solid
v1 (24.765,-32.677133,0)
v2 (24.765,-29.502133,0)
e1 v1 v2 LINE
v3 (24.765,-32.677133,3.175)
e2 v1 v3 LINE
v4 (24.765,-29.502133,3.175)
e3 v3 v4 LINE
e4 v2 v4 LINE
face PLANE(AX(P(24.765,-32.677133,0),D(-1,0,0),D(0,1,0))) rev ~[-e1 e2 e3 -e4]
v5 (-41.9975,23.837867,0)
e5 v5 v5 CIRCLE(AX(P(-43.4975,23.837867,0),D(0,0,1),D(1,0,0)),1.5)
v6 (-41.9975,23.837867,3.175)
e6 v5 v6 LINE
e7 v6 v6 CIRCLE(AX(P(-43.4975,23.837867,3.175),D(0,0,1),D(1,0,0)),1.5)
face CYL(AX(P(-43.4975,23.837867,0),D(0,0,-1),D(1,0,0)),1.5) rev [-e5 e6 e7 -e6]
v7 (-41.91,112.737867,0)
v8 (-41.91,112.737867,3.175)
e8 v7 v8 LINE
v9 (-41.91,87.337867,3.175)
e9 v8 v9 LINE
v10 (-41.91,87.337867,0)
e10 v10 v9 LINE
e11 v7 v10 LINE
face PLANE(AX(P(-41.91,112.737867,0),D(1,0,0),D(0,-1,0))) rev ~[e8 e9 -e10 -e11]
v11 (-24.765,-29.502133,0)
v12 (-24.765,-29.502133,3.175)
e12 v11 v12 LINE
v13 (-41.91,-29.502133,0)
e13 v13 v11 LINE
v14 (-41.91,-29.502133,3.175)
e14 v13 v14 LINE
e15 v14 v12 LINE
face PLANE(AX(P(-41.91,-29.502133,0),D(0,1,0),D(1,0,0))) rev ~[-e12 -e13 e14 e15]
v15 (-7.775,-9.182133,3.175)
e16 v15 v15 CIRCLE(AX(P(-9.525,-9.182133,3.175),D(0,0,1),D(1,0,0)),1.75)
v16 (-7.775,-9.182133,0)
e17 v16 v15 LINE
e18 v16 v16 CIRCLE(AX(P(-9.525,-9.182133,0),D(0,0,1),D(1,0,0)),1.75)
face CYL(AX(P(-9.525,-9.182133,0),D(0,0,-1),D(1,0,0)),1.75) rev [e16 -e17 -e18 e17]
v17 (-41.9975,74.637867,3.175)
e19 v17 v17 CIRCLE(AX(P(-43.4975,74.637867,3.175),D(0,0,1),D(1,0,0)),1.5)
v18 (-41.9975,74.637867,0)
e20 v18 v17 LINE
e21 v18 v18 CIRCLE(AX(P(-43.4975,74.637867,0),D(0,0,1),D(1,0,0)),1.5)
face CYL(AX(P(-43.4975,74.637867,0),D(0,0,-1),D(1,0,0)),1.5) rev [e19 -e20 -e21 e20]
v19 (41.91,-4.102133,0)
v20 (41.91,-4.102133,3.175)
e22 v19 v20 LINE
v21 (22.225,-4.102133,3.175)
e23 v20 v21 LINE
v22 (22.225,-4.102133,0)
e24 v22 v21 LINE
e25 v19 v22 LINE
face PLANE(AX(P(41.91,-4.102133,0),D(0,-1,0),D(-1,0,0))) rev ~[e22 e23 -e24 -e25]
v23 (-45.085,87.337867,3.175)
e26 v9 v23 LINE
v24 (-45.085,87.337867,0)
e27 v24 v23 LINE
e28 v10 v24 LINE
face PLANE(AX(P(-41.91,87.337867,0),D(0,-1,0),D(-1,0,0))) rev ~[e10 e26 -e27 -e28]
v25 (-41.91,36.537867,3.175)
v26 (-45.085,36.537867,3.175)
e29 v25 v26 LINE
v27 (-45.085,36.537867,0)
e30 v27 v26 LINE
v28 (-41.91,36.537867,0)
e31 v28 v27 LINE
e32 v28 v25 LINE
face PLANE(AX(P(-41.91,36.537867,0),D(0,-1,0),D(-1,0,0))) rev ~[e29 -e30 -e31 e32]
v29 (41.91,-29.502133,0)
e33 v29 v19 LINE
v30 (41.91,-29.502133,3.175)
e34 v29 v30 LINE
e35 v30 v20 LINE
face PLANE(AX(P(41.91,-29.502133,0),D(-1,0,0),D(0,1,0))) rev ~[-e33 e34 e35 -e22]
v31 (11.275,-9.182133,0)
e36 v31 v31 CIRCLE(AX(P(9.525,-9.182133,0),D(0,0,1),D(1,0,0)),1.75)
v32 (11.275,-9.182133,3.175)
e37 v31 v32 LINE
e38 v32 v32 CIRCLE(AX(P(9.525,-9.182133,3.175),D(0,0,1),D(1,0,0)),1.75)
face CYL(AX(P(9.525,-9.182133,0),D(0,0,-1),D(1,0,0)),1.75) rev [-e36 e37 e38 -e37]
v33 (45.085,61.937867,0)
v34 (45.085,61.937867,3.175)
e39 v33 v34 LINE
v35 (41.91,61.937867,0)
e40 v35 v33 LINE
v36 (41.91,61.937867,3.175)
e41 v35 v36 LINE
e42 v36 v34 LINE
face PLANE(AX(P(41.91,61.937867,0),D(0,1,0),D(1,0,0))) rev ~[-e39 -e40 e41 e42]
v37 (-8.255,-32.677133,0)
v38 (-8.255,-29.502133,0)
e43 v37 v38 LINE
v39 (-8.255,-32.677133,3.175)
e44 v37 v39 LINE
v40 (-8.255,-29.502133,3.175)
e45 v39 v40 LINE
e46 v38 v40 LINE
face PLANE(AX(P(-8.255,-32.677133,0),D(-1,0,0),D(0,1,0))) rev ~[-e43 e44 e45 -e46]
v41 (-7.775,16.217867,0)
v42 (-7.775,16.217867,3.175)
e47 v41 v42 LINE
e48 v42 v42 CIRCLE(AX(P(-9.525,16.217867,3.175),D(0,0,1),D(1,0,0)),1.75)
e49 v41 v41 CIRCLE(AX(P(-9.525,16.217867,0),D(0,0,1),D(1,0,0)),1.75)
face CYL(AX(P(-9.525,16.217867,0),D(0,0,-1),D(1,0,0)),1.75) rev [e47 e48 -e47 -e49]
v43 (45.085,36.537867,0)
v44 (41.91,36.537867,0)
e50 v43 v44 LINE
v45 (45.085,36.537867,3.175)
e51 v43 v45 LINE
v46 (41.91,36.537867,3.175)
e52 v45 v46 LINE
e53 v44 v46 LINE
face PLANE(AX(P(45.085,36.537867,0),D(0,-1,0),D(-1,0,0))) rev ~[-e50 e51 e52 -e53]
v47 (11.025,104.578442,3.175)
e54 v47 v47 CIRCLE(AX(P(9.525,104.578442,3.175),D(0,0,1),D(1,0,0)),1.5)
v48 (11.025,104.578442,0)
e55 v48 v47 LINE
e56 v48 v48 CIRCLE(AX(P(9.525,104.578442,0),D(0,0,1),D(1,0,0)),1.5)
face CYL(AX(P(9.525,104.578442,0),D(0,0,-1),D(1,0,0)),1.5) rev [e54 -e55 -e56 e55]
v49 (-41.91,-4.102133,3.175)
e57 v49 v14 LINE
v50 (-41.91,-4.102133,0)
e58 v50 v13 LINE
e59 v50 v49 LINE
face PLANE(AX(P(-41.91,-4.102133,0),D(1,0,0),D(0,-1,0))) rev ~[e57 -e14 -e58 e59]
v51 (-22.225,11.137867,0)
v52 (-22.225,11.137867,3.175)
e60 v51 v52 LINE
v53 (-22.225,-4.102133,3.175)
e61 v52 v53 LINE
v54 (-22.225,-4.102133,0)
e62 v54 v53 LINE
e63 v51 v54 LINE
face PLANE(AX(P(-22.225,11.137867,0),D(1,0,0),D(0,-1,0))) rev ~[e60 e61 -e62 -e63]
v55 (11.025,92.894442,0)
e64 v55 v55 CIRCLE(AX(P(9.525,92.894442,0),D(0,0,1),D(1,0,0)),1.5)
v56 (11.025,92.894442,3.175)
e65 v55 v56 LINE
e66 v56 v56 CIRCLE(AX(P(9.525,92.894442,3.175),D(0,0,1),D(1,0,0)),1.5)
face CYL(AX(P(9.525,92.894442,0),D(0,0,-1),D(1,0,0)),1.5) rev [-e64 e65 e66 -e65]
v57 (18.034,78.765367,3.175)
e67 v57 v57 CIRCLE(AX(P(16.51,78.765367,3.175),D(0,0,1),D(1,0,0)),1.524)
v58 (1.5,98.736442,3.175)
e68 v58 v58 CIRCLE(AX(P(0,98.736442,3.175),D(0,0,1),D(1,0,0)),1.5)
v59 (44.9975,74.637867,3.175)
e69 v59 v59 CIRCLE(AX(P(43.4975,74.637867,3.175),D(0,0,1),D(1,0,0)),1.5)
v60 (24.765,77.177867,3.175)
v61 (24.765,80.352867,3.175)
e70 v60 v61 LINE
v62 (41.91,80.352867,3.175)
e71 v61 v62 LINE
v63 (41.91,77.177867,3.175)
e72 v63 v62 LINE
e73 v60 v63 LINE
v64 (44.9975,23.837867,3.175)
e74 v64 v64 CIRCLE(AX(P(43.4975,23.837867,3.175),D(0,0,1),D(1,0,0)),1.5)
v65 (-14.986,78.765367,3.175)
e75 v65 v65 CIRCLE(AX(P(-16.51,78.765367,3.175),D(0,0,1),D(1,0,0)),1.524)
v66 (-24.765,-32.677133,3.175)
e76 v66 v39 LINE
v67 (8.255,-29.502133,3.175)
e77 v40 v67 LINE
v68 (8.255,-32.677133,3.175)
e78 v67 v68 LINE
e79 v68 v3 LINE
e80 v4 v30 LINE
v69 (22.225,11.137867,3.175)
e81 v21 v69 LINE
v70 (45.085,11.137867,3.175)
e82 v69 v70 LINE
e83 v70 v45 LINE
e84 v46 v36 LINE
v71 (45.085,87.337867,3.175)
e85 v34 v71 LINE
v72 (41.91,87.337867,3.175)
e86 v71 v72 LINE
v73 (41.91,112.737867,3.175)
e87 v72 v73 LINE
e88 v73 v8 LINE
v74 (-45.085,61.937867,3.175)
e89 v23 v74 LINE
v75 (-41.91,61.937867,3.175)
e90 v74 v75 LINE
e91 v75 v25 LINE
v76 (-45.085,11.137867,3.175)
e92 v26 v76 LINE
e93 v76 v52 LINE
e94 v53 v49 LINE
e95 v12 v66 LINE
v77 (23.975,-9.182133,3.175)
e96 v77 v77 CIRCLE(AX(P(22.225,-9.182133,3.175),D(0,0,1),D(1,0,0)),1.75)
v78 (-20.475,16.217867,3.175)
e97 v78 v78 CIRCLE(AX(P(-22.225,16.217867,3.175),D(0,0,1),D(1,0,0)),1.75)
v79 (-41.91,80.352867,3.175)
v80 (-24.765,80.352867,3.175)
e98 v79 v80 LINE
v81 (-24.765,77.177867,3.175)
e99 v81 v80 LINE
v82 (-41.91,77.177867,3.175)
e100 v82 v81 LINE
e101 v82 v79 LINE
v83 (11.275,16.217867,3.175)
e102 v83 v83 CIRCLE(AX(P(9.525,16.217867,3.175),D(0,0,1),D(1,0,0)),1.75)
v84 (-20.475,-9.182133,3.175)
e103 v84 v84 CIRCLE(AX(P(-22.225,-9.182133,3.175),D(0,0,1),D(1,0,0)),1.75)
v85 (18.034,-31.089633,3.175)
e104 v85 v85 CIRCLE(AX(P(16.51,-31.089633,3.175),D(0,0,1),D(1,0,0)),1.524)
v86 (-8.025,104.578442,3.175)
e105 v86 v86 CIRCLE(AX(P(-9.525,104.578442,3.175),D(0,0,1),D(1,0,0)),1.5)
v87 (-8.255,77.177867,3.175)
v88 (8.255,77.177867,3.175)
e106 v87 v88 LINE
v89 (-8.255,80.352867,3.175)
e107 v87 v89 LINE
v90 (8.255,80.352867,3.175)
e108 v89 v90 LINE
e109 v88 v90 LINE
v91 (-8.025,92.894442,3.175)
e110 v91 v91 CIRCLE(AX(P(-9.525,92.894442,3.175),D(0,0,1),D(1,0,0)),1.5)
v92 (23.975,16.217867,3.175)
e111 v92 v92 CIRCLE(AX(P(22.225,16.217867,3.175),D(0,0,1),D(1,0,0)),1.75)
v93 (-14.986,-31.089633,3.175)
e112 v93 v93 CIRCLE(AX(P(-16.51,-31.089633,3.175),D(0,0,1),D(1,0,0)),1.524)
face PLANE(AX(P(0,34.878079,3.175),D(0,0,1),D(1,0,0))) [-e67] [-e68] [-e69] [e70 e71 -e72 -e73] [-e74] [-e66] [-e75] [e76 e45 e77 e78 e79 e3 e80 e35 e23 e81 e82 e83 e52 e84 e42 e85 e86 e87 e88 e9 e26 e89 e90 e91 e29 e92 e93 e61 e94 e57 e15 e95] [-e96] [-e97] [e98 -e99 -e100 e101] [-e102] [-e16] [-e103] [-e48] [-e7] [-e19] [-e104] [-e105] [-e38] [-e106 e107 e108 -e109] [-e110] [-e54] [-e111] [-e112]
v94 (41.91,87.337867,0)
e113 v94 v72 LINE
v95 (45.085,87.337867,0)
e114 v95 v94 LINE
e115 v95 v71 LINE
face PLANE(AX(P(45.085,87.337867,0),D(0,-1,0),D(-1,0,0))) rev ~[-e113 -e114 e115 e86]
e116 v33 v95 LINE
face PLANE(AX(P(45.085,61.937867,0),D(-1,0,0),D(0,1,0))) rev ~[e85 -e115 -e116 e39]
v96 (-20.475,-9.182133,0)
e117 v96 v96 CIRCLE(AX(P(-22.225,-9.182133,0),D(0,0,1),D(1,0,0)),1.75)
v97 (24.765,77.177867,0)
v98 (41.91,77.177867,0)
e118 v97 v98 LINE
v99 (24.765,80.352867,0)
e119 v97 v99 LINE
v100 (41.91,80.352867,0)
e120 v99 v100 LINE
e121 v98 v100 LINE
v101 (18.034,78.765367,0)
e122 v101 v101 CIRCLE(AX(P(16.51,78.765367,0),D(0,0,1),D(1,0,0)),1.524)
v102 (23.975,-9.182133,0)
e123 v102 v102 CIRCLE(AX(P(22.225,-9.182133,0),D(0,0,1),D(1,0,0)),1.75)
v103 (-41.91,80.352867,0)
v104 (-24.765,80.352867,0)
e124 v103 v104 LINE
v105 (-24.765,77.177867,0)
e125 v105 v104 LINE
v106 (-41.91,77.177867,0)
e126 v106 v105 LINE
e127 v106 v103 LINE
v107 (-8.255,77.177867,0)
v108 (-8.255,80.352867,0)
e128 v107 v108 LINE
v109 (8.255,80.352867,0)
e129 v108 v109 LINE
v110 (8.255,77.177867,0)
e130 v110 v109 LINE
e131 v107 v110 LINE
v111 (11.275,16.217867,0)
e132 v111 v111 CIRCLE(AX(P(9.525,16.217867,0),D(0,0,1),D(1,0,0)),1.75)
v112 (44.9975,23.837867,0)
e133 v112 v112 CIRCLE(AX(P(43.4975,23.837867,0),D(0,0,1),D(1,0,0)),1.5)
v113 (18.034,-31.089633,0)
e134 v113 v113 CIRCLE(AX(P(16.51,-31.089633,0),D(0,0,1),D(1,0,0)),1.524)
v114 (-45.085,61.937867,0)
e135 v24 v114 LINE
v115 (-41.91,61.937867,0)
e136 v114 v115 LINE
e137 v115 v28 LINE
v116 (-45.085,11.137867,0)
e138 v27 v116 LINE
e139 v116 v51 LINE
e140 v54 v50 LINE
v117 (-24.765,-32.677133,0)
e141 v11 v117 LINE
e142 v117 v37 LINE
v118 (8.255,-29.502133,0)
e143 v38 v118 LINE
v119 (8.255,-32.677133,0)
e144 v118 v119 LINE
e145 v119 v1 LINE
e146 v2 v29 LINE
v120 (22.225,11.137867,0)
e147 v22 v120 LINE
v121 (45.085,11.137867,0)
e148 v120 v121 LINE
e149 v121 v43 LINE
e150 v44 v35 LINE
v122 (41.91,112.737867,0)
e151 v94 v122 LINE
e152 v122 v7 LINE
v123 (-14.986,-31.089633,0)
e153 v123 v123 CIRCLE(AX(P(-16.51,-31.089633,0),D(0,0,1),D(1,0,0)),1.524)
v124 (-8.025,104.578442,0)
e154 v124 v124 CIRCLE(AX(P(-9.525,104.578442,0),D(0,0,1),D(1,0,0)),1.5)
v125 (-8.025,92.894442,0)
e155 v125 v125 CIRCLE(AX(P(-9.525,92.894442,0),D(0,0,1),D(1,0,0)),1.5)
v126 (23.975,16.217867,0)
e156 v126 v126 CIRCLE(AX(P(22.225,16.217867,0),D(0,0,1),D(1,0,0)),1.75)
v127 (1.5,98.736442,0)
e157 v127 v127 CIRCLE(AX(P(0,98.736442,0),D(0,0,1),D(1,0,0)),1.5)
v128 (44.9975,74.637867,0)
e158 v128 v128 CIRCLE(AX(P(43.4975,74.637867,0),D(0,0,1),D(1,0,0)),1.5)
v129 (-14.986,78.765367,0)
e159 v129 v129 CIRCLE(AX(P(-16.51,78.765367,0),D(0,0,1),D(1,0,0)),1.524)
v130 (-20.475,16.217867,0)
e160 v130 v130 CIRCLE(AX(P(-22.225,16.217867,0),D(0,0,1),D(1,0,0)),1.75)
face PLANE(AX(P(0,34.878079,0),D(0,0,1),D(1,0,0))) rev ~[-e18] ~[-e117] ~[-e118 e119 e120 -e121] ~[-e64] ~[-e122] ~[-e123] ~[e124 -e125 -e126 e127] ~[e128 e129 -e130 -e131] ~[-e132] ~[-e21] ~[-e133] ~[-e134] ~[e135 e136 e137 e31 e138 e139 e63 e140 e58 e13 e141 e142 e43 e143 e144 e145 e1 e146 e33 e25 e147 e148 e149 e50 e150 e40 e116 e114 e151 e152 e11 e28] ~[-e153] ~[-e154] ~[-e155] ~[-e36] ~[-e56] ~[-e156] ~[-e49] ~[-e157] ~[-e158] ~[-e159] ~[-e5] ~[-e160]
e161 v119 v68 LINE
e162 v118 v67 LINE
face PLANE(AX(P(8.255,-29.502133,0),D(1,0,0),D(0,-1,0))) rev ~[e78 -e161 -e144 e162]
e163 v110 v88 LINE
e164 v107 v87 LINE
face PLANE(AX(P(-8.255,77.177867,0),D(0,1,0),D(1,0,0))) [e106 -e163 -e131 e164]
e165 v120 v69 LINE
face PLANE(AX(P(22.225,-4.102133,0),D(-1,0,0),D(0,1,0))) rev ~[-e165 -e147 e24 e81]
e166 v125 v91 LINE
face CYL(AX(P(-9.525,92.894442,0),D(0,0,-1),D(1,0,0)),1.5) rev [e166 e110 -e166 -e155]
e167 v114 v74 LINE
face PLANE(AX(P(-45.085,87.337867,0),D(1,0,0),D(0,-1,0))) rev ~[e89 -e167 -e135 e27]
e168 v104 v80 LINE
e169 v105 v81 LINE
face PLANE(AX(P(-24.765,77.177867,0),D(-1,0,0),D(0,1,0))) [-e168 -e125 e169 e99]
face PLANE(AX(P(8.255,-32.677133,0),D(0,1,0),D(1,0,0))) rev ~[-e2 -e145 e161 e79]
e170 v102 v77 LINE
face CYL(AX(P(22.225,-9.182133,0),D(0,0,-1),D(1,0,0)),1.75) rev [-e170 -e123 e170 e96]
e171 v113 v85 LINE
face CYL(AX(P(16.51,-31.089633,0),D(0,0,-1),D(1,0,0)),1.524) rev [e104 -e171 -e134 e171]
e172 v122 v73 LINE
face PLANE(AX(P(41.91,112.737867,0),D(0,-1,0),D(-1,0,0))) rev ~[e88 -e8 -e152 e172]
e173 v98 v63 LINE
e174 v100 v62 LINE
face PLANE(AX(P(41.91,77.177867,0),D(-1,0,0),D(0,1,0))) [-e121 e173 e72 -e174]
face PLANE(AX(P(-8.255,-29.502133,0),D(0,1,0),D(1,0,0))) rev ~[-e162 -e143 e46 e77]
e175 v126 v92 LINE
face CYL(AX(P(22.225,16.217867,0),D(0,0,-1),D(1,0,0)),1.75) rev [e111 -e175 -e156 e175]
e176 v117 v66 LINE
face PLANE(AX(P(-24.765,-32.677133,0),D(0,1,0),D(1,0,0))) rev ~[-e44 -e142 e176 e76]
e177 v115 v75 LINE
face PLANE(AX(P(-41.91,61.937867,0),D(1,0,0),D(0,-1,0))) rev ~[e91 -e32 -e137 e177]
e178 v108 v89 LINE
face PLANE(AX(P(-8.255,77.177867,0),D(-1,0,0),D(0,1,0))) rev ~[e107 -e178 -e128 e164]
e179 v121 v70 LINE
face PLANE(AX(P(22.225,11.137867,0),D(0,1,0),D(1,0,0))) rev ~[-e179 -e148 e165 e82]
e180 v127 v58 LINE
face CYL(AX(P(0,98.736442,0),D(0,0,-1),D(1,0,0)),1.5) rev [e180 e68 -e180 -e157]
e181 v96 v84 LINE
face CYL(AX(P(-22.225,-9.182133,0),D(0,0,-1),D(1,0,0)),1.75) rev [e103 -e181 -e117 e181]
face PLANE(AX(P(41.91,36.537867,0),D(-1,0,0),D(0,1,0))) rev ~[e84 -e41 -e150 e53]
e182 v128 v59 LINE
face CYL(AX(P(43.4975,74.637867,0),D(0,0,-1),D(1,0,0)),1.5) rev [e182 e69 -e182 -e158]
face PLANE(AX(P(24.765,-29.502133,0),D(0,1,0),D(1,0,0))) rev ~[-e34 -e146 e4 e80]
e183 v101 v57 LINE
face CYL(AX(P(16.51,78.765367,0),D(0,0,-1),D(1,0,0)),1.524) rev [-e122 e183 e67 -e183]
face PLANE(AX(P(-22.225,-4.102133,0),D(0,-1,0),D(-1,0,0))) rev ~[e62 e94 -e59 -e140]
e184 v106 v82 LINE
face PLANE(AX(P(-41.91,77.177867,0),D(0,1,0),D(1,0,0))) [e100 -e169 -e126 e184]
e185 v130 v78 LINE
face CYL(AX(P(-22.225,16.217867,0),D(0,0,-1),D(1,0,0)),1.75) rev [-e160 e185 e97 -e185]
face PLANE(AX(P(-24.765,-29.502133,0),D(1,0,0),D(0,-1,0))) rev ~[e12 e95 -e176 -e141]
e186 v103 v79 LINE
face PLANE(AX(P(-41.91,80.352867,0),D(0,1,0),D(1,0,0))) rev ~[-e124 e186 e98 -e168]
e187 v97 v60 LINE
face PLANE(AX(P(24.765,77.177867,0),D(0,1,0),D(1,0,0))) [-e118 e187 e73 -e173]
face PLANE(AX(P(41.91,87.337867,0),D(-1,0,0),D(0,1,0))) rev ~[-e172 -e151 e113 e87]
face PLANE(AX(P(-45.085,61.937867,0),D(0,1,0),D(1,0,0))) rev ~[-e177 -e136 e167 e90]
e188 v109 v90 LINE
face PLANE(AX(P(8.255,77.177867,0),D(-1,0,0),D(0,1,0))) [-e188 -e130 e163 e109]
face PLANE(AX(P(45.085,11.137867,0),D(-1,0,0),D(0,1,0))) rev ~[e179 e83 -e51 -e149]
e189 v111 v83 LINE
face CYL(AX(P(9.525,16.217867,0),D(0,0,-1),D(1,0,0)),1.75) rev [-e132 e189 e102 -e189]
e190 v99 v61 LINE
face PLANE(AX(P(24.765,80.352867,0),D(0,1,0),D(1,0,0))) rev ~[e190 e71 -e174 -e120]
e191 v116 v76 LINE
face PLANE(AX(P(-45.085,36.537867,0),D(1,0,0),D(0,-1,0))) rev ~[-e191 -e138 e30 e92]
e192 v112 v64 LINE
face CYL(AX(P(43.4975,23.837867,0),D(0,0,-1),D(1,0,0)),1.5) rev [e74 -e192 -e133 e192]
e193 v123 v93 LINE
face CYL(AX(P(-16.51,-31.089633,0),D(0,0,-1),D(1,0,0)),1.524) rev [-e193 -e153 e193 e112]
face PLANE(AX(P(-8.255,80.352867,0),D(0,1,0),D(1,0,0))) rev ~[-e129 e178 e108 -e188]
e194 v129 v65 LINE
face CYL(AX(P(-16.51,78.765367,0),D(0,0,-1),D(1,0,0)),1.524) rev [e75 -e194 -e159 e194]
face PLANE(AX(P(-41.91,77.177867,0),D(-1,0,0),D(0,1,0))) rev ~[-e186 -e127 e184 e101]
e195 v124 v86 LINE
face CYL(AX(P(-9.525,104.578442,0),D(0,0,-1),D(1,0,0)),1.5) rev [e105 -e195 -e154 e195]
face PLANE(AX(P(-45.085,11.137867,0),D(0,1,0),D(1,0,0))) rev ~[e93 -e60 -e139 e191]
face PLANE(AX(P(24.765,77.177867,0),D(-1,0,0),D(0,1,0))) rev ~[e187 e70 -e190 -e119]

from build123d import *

# Parameters (mm, degrees)
F0_R     = 1.524
F0_R_2   = 1.75
F0_R_3   = 1.5
F0_W     = 17.145
F0_H     = 3.175
F0_W_2   = 16.51
F1_DEPTH = 3.175


with BuildPart() as f1:
    # F0 (on Top) → F1 (new body)
    with BuildSketch(Plane.XY):
        Polygon((-45.085, 36.537867), (-45.085, 11.137867), (-22.225, 11.137867), (-22.225, -4.102133), (-41.91, -4.102133), (-41.91, -29.502133), (-24.765, -29.502133), (-24.765, -32.677133), (-8.255, -32.677133), (-8.255, -29.502133), (8.255, -29.502133), (8.255, -32.677133), (24.765, -32.677133), (24.765, -29.502133), (41.91, -29.502133), (41.91, -4.102133), (22.225, -4.102133), (22.225, 11.137867), (45.085, 11.137867), (45.085, 36.537867), (41.91, 36.537867), (41.91, 61.937867), (45.085, 61.937867), (45.085, 87.337867), (41.91, 87.337867), (41.91, 112.737867), (-41.91, 112.737867), (-41.91, 87.337867), (-45.085, 87.337867), (-45.085, 61.937867), (-41.91, 61.937867), (-41.91, 36.537867), align=None)
        with Locations((-16.51, -31.089633)):
            Circle(F0_R, mode=Mode.SUBTRACT)
        with Locations((-22.225, -9.182133)):
            Circle(F0_R_2, mode=Mode.SUBTRACT)
        with Locations((-9.525, -9.182133)):
            Circle(F0_R_2, mode=Mode.SUBTRACT)
        with Locations((-43.4975, 23.837867)):
            Circle(F0_R_3, mode=Mode.SUBTRACT)
        with Locations((-22.225, 16.217867)):
            Circle(F0_R_2, mode=Mode.SUBTRACT)
        with Locations((-9.525, 16.217867)):
            Circle(F0_R_2, mode=Mode.SUBTRACT)
        with Locations((16.51, -31.089633)):
            Circle(F0_R, mode=Mode.SUBTRACT)
        with Locations((9.525, -9.182133)):
            Circle(F0_R_2, mode=Mode.SUBTRACT)
        with Locations((22.225, -9.182133)):
            Circle(F0_R_2, mode=Mode.SUBTRACT)
        with Locations((9.525, 16.217867)):
            Circle(F0_R_2, mode=Mode.SUBTRACT)
        with Locations((22.225, 16.217867)):
            Circle(F0_R_2, mode=Mode.SUBTRACT)
        with Locations((43.4975, 23.837867)):
            Circle(F0_R_3, mode=Mode.SUBTRACT)
        with Locations((-43.4975, 74.637867)):
            Circle(F0_R_3, mode=Mode.SUBTRACT)
        with Locations((-33.3375, 78.765367)):
            Rectangle(F0_W, F0_H, mode=Mode.SUBTRACT)
        with Locations((-16.51, 78.765367)):
            Circle(F0_R, mode=Mode.SUBTRACT)
        with Locations((-9.525, 92.894442)):
            Circle(F0_R_3, mode=Mode.SUBTRACT)
        with Locations((-9.525, 104.578442)):
            Circle(F0_R_3, mode=Mode.SUBTRACT)
        with Locations((43.4975, 74.637867)):
            Circle(F0_R_3, mode=Mode.SUBTRACT)
        with Locations((0, 78.765367)):
            Rectangle(F0_W_2, F0_H, mode=Mode.SUBTRACT)
        with Locations((9.525, 92.894442)):
            Circle(F0_R_3, mode=Mode.SUBTRACT)
        with Locations((16.51, 78.765367)):
            Circle(F0_R, mode=Mode.SUBTRACT)
        with Locations((0, 98.736442)):
            Circle(F0_R_3, mode=Mode.SUBTRACT)
        with Locations((9.525, 104.578442)):
            Circle(F0_R_3, mode=Mode.SUBTRACT)
        with Locations((33.3375, 78.765367)):
            Rectangle(F0_W, F0_H, mode=Mode.SUBTRACT)
    extrude(amount=F1_DEPTH)


solid = f1.part
